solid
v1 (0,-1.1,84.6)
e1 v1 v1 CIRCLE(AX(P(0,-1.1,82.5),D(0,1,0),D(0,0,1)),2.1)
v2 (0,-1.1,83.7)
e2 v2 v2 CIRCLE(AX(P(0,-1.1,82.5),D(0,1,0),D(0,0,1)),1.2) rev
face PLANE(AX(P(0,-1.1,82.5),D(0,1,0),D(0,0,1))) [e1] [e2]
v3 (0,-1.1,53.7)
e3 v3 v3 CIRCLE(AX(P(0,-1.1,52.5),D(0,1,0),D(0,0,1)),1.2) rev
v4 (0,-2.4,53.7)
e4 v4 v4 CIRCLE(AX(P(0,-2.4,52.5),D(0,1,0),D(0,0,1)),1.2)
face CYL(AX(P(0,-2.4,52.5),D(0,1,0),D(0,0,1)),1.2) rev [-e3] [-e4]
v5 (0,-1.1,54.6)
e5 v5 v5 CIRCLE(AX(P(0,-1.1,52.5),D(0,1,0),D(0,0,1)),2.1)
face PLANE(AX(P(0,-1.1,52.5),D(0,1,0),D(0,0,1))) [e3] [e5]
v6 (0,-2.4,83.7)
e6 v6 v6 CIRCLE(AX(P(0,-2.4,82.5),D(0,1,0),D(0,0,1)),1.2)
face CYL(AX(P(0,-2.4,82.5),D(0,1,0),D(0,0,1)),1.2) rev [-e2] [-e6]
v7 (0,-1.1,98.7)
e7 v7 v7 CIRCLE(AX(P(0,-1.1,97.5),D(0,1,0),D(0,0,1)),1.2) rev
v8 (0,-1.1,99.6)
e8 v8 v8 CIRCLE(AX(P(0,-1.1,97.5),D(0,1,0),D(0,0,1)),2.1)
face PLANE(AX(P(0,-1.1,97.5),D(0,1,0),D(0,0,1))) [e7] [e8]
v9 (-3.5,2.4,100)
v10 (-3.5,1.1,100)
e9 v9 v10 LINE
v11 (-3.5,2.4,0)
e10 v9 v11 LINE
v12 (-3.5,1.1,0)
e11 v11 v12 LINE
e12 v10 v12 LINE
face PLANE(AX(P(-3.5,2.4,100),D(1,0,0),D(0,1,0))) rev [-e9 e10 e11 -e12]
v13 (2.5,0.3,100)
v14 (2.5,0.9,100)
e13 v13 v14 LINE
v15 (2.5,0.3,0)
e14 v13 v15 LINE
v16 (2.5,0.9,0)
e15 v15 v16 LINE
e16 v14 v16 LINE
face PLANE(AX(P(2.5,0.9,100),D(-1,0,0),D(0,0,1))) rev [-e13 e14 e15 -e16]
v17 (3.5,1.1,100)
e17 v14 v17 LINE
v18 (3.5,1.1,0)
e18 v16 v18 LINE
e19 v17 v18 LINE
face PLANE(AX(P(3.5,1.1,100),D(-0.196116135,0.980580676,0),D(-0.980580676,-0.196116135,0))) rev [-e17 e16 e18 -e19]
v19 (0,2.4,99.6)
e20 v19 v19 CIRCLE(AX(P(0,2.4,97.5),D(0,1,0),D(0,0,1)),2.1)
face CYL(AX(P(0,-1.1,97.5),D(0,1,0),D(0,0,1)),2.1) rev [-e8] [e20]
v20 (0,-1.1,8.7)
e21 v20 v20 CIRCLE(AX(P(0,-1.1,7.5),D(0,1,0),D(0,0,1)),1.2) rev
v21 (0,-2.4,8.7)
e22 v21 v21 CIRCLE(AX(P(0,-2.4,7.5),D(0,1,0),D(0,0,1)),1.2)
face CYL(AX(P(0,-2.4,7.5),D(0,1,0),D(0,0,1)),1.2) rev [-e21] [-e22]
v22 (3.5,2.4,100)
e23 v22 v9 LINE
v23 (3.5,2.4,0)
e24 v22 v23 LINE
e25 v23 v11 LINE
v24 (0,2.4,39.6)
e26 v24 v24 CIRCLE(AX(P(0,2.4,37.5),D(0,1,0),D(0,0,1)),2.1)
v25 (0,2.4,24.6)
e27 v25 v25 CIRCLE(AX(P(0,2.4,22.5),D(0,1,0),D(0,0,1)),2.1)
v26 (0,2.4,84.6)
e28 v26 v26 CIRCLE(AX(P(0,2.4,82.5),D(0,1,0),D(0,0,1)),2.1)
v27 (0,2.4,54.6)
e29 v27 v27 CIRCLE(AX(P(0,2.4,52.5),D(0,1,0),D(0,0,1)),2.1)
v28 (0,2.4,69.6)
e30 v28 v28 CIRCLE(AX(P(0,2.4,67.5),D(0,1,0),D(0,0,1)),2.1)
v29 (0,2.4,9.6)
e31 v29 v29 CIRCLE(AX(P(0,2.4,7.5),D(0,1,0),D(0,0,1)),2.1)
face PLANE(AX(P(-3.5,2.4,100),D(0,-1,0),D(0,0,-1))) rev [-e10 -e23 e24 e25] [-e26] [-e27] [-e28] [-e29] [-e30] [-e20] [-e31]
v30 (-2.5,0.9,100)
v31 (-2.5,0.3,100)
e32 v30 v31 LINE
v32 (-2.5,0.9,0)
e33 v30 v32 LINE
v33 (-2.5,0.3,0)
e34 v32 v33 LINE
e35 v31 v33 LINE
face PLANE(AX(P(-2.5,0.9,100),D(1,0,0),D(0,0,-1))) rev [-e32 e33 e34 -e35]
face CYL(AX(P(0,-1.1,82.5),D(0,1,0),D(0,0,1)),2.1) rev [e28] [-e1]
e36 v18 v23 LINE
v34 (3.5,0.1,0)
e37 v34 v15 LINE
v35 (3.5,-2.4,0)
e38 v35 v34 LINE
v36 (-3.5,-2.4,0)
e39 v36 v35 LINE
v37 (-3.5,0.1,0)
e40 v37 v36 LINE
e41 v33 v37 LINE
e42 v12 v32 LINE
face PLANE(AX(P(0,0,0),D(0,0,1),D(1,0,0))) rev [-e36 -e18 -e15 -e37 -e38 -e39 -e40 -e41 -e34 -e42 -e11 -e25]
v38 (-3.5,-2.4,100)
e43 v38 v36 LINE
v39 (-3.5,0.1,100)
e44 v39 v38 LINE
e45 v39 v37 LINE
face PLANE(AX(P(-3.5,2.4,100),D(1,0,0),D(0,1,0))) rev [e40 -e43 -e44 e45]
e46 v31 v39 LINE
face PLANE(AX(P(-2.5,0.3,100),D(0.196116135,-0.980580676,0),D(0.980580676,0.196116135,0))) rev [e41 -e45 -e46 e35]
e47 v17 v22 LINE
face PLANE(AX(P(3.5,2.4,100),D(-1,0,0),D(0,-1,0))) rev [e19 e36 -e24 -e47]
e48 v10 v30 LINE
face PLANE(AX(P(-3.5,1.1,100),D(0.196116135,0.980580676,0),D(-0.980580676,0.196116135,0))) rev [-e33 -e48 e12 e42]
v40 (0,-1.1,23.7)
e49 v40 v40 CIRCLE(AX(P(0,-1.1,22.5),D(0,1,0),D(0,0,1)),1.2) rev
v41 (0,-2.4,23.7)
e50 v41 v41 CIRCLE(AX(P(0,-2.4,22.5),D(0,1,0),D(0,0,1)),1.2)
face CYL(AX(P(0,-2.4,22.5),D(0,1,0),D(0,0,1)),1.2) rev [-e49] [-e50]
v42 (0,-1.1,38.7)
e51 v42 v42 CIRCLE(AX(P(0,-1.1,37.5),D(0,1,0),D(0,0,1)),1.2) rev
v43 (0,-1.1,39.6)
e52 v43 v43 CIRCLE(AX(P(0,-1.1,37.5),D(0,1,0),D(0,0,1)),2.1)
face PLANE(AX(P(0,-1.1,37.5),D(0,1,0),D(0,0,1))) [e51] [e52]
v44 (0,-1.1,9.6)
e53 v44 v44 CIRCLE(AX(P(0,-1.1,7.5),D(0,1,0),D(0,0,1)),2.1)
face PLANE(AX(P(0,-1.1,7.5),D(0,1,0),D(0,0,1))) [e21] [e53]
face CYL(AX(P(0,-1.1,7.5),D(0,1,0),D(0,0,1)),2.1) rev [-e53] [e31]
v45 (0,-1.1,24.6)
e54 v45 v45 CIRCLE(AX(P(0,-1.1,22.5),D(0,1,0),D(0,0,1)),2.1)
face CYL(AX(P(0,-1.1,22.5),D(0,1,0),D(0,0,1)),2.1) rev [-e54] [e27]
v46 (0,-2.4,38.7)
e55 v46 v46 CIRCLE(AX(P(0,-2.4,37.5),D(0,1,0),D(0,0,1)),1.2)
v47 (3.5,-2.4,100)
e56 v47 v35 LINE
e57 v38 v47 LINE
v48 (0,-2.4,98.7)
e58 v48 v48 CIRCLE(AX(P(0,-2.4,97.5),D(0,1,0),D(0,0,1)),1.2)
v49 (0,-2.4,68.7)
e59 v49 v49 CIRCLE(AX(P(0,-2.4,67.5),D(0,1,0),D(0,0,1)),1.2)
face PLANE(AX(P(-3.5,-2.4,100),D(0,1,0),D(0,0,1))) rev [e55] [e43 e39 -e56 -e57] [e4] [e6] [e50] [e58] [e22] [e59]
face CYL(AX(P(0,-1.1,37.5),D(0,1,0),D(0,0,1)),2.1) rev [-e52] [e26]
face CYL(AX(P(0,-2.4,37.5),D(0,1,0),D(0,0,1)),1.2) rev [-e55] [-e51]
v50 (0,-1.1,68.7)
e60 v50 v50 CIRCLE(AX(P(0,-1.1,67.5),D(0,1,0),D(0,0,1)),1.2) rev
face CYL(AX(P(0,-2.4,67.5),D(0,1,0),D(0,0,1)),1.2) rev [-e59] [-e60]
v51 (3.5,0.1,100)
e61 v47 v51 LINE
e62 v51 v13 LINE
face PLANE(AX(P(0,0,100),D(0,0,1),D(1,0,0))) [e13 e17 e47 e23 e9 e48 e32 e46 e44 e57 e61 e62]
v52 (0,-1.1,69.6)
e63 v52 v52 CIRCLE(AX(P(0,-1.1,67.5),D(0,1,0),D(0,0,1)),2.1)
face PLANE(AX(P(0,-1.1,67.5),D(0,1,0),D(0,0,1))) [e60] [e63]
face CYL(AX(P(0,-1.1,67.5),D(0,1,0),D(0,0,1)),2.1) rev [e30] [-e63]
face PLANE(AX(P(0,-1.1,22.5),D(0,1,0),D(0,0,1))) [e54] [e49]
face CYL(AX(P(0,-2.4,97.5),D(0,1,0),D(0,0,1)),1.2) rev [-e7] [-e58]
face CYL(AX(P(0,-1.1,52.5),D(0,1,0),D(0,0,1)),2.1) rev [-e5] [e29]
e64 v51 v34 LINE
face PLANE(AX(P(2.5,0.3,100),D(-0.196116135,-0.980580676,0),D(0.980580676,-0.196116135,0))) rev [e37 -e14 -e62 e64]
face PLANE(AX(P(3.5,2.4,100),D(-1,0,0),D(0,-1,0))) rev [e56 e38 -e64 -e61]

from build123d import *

# Parameters (mm, degrees)
SKETCH_1_W          = 7
SKETCH_1_H          = 4.8
EXTRUDE_1_DEPTH     = 100
SKETCH_2_R          = 1.2
CUT_EXTRUDE_1_DEPTH = 5.8
SKETCH_3_R          = 2.1
CUT_EXTRUDE_2_DEPTH = 3.5
CUT_EXTRUDE_3_DEPTH = 101


with BuildPart() as part:
    # 草图1 → 凸台-拉伸1 (new body)
    with BuildSketch(Plane.XY):
        Rectangle(SKETCH_1_W, SKETCH_1_H)
    extrude(amount=EXTRUDE_1_DEPTH)

    # 草图2 → 切除-拉伸1 (cut, through all)
    with BuildSketch(Plane(origin=(0, 2.4, 0), x_dir=(1, 0, 0), z_dir=(0, 1, 0))):
        with Locations((0, -7.5)):
            Circle(SKETCH_2_R)
        with Locations((0, -22.5)):
            Circle(SKETCH_2_R)
        with Locations((0, -37.5)):
            Circle(SKETCH_2_R)
        with Locations((0, -52.5)):
            Circle(SKETCH_2_R)
        with Locations((0, -67.5)):
            Circle(SKETCH_2_R)
        with Locations((0, -82.5)):
            Circle(SKETCH_2_R)
        with Locations((0, -97.5)):
            Circle(SKETCH_2_R)
        with Locations((0, -112.5)):
            Circle(SKETCH_2_R)
        with Locations((0, -127.5)):
            Circle(SKETCH_2_R)
        with Locations((0, -142.5)):
            Circle(SKETCH_2_R)
        with Locations((0, -157.5)):
            Circle(SKETCH_2_R)
        with Locations((0, -172.5)):
            Circle(SKETCH_2_R)
        with Locations((0, -187.5)):
            Circle(SKETCH_2_R)
        with Locations((0, -202.5)):
            Circle(SKETCH_2_R)
        with Locations((0, -217.5)):
            Circle(SKETCH_2_R)
        with Locations((0, -232.5)):
            Circle(SKETCH_2_R)
        with Locations((0, -247.5)):
            Circle(SKETCH_2_R)
        with Locations((0, -262.5)):
            Circle(SKETCH_2_R)
        with Locations((0, -277.5)):
            Circle(SKETCH_2_R)
        with Locations((0, -292.5)):
            Circle(SKETCH_2_R)
    extrude(amount=-CUT_EXTRUDE_1_DEPTH, mode=Mode.SUBTRACT)

    # 草图3 → 切除-拉伸2 (cut)
    with BuildSketch(Plane(origin=(0, 2.4, 0), x_dir=(1, 0, 0), z_dir=(0, 1, 0))):
        with Locations((0, -7.5)):
            Circle(SKETCH_3_R)
        with Locations((0, -22.5)):
            Circle(SKETCH_3_R)
        with Locations((0, -37.5)):
            Circle(SKETCH_3_R)
        with Locations((0, -52.5)):
            Circle(SKETCH_3_R)
        with Locations((0, -67.5)):
            Circle(SKETCH_3_R)
        with Locations((0, -82.5)):
            Circle(SKETCH_3_R)
        with Locations((0, -97.5)):
            Circle(SKETCH_3_R)
        with Locations((0, -112.5)):
            Circle(SKETCH_3_R)
        with Locations((0, -127.5)):
            Circle(SKETCH_3_R)
        with Locations((0, -142.5)):
            Circle(SKETCH_3_R)
        with Locations((0, -157.5)):
            Circle(SKETCH_3_R)
        with Locations((0, -172.5)):
            Circle(SKETCH_3_R)
        with Locations((0, -187.5)):
            Circle(SKETCH_3_R)
        with Locations((0, -202.5)):
            Circle(SKETCH_3_R)
        with Locations((0, -217.5)):
            Circle(SKETCH_3_R)
        with Locations((0, -232.5)):
            Circle(SKETCH_3_R)
        with Locations((0, -247.5)):
            Circle(SKETCH_3_R)
        with Locations((0, -262.5)):
            Circle(SKETCH_3_R)
        with Locations((0, -277.5)):
            Circle(SKETCH_3_R)
        with Locations((0, -292.5)):
            Circle(SKETCH_3_R)
    extrude(amount=-CUT_EXTRUDE_2_DEPTH, mode=Mode.SUBTRACT)

    # 草图4 → 切除-拉伸3 (cut, through all)
    with BuildSketch(Plane(origin=(0, 0, 0), x_dir=(-1, 0, 0), z_dir=(0, 0, -1))):
        Polygon((3.5, 1.1), (2.5, 0.9), (2.5, 0.3), (3.5, 0.1), align=None)
        Polygon((-3.5, 1.1), (-2.5, 0.9), (-2.5, 0.3), (-3.5, 0.1), align=None)
    extrude(amount=-CUT_EXTRUDE_3_DEPTH, mode=Mode.SUBTRACT)


solid = part.part
